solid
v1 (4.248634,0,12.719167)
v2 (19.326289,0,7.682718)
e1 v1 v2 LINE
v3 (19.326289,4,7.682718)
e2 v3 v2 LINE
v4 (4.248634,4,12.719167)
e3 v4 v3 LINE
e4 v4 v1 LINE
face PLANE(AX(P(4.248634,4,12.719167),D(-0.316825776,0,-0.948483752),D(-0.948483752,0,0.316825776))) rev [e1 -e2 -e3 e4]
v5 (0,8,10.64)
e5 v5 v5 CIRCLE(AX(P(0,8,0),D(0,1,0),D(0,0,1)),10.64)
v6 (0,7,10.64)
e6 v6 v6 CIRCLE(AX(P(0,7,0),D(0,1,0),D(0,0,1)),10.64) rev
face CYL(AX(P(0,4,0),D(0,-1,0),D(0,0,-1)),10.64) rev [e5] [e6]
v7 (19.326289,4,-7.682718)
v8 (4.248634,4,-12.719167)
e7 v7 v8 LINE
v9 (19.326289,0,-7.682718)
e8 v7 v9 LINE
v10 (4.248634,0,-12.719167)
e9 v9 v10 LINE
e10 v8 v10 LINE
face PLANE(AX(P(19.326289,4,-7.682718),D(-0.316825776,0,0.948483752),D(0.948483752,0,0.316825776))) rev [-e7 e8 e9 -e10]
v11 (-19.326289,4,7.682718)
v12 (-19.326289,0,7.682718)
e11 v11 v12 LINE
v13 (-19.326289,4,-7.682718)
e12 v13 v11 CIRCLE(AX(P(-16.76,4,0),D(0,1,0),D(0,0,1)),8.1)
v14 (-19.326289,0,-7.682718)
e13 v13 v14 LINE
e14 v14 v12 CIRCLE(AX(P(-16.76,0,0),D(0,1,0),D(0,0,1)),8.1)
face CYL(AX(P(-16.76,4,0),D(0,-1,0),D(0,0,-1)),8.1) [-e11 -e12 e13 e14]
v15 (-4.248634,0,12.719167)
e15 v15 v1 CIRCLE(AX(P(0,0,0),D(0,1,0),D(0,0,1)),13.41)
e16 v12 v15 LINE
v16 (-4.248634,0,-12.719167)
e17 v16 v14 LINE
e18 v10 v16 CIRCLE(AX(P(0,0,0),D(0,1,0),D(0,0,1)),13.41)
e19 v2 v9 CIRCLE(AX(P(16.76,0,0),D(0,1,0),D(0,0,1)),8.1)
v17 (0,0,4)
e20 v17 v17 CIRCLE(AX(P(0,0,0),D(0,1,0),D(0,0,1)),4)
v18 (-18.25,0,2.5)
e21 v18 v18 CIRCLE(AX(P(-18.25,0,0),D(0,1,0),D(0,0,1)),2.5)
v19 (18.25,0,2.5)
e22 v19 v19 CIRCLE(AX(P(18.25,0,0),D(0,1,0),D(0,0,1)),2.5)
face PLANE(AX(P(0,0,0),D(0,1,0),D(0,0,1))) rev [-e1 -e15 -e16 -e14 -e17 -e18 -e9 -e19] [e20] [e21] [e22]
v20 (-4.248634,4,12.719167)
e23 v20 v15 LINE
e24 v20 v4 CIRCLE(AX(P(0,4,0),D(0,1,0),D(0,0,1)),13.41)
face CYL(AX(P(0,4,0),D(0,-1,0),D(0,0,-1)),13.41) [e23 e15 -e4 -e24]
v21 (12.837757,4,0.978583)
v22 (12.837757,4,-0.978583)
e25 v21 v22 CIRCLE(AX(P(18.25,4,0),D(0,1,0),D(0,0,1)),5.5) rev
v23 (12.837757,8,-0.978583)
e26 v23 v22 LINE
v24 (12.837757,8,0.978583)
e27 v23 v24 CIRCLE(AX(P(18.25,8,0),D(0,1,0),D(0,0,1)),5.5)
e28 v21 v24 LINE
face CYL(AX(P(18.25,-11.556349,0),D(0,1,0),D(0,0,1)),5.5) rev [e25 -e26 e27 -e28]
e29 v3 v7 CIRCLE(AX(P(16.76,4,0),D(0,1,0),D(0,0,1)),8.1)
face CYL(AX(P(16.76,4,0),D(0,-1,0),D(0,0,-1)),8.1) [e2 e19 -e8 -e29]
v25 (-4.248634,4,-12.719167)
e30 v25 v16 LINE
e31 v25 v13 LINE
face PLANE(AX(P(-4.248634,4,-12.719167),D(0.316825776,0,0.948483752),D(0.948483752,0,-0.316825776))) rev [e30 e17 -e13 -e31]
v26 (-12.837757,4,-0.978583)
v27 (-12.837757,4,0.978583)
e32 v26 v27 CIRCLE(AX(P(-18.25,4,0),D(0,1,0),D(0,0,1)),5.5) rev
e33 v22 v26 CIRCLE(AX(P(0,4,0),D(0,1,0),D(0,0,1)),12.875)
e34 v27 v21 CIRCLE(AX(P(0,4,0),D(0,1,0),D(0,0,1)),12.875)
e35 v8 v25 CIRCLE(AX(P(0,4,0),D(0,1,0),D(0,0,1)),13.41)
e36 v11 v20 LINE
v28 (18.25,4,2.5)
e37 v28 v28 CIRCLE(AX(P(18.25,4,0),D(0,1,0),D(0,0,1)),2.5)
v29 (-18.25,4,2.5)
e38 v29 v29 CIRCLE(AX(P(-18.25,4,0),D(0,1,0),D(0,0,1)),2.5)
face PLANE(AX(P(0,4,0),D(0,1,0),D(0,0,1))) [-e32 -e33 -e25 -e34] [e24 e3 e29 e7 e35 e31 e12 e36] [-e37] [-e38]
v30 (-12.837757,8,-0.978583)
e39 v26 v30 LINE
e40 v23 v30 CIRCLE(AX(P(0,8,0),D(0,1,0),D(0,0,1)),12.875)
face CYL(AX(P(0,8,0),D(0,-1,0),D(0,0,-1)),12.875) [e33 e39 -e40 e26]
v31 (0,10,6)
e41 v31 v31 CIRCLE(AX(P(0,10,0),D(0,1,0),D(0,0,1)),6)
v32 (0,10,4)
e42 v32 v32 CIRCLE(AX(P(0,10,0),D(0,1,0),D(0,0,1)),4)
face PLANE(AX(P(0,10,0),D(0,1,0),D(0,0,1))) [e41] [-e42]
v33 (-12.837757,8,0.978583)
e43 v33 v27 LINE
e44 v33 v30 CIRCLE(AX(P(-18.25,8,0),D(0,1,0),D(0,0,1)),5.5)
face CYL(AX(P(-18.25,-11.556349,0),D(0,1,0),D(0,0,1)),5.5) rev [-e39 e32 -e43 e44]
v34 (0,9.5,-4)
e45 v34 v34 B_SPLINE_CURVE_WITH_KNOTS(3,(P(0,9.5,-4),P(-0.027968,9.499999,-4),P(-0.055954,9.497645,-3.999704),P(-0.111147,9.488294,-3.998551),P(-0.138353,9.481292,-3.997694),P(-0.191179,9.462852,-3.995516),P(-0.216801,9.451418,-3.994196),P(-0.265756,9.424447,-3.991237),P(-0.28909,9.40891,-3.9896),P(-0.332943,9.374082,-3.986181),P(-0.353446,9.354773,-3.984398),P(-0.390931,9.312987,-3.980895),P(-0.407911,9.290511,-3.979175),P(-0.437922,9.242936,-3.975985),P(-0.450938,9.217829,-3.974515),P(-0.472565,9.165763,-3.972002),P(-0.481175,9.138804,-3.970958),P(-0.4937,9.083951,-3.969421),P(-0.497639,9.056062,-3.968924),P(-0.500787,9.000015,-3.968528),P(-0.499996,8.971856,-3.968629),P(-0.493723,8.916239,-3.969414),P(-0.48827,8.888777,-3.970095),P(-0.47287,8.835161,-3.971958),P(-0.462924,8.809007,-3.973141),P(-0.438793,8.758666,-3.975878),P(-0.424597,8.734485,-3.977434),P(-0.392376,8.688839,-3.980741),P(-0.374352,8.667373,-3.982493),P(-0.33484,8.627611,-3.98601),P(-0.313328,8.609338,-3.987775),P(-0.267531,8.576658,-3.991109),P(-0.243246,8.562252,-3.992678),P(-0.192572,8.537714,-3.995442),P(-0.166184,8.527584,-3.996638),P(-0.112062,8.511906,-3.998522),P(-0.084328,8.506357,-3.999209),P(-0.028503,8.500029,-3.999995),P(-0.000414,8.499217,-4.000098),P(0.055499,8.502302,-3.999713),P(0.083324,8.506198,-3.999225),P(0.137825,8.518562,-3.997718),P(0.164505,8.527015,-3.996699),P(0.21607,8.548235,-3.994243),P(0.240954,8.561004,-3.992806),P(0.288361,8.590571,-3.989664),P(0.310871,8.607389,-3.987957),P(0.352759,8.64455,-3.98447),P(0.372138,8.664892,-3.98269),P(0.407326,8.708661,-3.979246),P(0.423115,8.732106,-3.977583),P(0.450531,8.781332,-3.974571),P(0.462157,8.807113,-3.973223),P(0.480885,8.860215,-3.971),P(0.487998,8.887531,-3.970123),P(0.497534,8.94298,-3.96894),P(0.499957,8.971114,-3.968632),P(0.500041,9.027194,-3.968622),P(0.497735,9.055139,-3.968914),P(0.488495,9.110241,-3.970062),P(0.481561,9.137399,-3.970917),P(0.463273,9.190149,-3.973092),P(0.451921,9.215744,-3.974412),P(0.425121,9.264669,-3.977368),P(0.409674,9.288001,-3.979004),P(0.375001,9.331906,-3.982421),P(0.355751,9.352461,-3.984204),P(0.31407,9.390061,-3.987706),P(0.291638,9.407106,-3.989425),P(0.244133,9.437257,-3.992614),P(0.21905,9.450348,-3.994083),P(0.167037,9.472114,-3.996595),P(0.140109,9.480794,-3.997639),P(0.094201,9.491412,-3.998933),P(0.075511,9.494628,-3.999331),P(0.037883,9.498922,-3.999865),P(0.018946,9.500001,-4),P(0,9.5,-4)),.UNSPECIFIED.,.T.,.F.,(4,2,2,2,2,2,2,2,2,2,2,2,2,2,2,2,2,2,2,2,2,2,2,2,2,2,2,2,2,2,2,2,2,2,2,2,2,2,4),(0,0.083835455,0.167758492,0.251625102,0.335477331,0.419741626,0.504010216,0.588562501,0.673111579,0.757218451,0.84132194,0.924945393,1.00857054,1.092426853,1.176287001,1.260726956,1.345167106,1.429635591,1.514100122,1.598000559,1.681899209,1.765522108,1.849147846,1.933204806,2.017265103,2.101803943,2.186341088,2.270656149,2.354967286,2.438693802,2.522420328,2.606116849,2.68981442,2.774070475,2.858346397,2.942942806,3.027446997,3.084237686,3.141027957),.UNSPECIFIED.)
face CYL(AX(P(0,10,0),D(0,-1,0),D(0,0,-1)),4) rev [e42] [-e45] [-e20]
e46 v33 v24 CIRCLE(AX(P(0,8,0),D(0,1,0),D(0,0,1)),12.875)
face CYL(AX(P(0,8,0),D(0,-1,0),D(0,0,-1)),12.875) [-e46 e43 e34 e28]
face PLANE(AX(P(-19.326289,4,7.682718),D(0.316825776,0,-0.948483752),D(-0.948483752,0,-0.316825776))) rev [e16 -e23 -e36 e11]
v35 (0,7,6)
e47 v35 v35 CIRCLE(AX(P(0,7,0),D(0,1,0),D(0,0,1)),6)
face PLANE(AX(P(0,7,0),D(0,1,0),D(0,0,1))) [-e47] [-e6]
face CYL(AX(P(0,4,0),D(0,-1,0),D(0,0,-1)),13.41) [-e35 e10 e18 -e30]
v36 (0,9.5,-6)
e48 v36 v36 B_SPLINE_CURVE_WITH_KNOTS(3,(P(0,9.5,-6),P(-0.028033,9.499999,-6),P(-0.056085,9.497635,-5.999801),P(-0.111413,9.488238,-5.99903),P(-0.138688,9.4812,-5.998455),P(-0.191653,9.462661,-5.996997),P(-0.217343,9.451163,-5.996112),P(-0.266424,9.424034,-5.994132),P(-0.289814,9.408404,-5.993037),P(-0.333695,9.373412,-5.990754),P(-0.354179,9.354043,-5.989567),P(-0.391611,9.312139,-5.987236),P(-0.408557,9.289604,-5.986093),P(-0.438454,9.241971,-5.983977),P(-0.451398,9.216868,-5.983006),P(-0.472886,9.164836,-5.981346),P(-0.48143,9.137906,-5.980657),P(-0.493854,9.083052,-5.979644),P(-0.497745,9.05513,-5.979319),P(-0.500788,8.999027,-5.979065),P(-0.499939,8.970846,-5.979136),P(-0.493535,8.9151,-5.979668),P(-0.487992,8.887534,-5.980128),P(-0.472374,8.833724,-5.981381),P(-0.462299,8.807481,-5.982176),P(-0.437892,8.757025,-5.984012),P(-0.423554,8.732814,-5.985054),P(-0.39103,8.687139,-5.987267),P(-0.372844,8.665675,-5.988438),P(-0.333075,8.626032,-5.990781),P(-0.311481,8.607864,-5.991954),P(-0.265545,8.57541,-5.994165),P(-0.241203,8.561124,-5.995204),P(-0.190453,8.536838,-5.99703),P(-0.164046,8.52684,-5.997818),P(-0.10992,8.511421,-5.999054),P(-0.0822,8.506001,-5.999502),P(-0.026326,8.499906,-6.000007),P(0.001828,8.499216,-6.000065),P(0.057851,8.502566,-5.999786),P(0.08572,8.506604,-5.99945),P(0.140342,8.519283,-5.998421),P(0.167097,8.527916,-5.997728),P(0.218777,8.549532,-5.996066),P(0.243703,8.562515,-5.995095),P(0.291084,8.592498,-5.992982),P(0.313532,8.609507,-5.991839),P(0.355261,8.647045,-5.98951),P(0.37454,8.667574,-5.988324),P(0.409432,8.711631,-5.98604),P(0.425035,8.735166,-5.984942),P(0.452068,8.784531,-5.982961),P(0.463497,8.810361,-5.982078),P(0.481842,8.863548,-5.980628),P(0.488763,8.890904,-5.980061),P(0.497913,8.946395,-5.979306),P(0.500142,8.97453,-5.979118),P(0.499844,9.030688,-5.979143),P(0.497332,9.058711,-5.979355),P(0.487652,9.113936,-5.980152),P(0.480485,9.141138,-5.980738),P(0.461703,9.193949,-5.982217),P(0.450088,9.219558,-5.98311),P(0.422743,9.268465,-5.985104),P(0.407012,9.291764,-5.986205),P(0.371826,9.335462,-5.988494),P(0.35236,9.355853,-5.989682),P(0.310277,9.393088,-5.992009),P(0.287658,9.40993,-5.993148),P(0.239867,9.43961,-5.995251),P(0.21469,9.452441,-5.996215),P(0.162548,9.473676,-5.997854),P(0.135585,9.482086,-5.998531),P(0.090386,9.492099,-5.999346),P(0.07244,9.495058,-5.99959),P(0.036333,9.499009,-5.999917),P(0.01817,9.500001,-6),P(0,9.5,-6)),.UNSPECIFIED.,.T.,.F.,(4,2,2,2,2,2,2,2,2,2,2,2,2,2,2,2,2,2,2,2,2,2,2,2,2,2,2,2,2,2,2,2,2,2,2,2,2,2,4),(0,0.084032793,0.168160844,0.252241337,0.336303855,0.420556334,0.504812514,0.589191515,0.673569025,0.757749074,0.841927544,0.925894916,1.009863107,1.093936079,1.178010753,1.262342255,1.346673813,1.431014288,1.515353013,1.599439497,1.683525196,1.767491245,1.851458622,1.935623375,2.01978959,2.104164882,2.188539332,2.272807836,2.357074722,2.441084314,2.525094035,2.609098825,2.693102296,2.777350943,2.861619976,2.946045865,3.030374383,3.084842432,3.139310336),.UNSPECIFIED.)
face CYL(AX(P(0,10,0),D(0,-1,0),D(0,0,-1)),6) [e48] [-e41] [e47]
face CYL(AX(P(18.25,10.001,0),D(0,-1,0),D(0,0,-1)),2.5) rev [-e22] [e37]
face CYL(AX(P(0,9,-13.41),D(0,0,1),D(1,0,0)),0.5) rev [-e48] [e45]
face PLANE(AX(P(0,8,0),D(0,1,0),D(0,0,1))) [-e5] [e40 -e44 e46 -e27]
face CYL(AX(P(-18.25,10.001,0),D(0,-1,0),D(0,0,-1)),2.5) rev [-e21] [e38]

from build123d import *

# Parameters (mm, degrees)
SKETCH1_R           = 10.64
BOSS_EXTRUDE1_DEPTH = 4
SKETCH2_R           = 12.875
SKETCH2_R_2         = 10.64
BOSS_EXTRUDE2_DEPTH = 4
SKETCH3_R           = 6
SKETCH3_R_2         = 4
BOSS_EXTRUDE3_DEPTH = 10
SKETCH5_R           = 2.5
CUT_EXTRUDE1_DEPTH  = 4
SKETCH6_R           = 10.64
SKETCH6_R_2         = 6
BOSS_EXTRUDE4_DEPTH = 7
SKETCH7_R           = 5.5
CUT_EXTRUDE2_DEPTH  = 4
SKETCH8_R           = 0.5
CUT_EXTRUDE3_DEPTH  = 30.964106861


with BuildPart() as part:
    # Sketch1 → Boss-Extrude1 (new body)
    with BuildSketch(Plane(origin=(0, 0, 0), x_dir=(1, 0, 0), z_dir=(0, 1, 0))):
        with BuildLine():
            Line((-4.248633652, 12.719167115), (-19.326288783, 7.682718392))
            ThreePointArc((-19.326288783, 7.682718392), (-24.86, 0), (-19.326288783, -7.682718392))
            Line((-19.326288783, -7.682718392), (-4.248633652, -12.719167115))
            ThreePointArc((-4.248633652, -12.719167115), (0, -13.41), (4.248633652, -12.719167115))
            Line((4.248633652, -12.719167115), (19.326288783, -7.682718392))
            ThreePointArc((19.326288783, -7.682718392), (24.86, 0), (19.326288783, 7.682718392))
            Line((19.326288783, 7.682718392), (4.248633652, 12.719167115))
            ThreePointArc((4.248633652, 12.719167115), (0, 13.41), (-4.248633652, 12.719167115))
        make_face()
        with Locations(Location((0, 0, 0), (0, 0, 270))):
            Circle(SKETCH1_R, mode=Mode.SUBTRACT)
    extrude(amount=BOSS_EXTRUDE1_DEPTH)

    # Sketch2 → Boss-Extrude2 (add)
    with BuildSketch(Plane(origin=(0, 4, 0), x_dir=(1, 0, 0), z_dir=(0, 1, 0))):
        with Locations(Location((0, 0, 0), (0, 0, 270))):
            Circle(SKETCH2_R)
        with Locations(Location((0, 0, 0), (0, 0, 270))):
            Circle(SKETCH2_R_2, mode=Mode.SUBTRACT)
    extrude(amount=BOSS_EXTRUDE2_DEPTH)

    # Sketch5 → Cut-Extrude1 (cut)
    with BuildSketch(Plane(origin=(0, 0, 0), x_dir=(1, 0, 0), z_dir=(0, 1, 0))):
        with Locations(Location((-18.25, 0, 0), (0, 0, 270))):
            Circle(SKETCH5_R)
        with Locations(Location((18.25, 0, 0), (0, 0, 270))):
            Circle(SKETCH5_R)
    extrude(amount=CUT_EXTRUDE1_DEPTH, mode=Mode.SUBTRACT)



with BuildPart() as body_2:
    # Sketch3 → Boss-Extrude3 (new body)
    with BuildSketch(Plane(origin=(0, 0, 0), x_dir=(1, 0, 0), z_dir=(0, 1, 0))):
        with Locations(Location((0, 0, 0), (0, 0, 270))):
            Circle(SKETCH3_R)
        with Locations(Location((0, 0, 0), (0, 0, 270))):
            Circle(SKETCH3_R_2, mode=Mode.SUBTRACT)
    extrude(amount=BOSS_EXTRUDE3_DEPTH)


with BuildPart() as part_1:
    add(part.part)

    add(body_2.part)  # Boss-Extrude4 merges body 2
    # Sketch6 → Boss-Extrude4 (add)
    with BuildSketch(Plane(origin=(0, 0, 0), x_dir=(1, 0, 0), z_dir=(0, 1, 0))):
        with Locations(Location((0, 0, 0), (0, 0, 270))):
            Circle(SKETCH6_R)
        with Locations(Location((0, 0, 0), (0, 0, 270))):
            Circle(SKETCH6_R_2, mode=Mode.SUBTRACT)
    extrude(amount=BOSS_EXTRUDE4_DEPTH)

    # Sketch7 → Cut-Extrude2 (cut)
    with BuildSketch(Plane(origin=(0, 8, 0), x_dir=(1, 0, 0), z_dir=(0, 1, 0))):
        with Locations((-18.25, 0)):
            Circle(SKETCH7_R)
        with Locations((18.25, 0)):
            Circle(SKETCH7_R)
    extrude(amount=-CUT_EXTRUDE2_DEPTH, mode=Mode.SUBTRACT)

    # Sketch8 → Cut-Extrude3 (cut, through all)
    with BuildSketch(Plane.XY):
        with Locations(Location((0, 9, 0), (0, 0, 90))):
            Circle(SKETCH8_R)
    extrude(amount=-CUT_EXTRUDE3_DEPTH, mode=Mode.SUBTRACT)


solid = part_1.part
